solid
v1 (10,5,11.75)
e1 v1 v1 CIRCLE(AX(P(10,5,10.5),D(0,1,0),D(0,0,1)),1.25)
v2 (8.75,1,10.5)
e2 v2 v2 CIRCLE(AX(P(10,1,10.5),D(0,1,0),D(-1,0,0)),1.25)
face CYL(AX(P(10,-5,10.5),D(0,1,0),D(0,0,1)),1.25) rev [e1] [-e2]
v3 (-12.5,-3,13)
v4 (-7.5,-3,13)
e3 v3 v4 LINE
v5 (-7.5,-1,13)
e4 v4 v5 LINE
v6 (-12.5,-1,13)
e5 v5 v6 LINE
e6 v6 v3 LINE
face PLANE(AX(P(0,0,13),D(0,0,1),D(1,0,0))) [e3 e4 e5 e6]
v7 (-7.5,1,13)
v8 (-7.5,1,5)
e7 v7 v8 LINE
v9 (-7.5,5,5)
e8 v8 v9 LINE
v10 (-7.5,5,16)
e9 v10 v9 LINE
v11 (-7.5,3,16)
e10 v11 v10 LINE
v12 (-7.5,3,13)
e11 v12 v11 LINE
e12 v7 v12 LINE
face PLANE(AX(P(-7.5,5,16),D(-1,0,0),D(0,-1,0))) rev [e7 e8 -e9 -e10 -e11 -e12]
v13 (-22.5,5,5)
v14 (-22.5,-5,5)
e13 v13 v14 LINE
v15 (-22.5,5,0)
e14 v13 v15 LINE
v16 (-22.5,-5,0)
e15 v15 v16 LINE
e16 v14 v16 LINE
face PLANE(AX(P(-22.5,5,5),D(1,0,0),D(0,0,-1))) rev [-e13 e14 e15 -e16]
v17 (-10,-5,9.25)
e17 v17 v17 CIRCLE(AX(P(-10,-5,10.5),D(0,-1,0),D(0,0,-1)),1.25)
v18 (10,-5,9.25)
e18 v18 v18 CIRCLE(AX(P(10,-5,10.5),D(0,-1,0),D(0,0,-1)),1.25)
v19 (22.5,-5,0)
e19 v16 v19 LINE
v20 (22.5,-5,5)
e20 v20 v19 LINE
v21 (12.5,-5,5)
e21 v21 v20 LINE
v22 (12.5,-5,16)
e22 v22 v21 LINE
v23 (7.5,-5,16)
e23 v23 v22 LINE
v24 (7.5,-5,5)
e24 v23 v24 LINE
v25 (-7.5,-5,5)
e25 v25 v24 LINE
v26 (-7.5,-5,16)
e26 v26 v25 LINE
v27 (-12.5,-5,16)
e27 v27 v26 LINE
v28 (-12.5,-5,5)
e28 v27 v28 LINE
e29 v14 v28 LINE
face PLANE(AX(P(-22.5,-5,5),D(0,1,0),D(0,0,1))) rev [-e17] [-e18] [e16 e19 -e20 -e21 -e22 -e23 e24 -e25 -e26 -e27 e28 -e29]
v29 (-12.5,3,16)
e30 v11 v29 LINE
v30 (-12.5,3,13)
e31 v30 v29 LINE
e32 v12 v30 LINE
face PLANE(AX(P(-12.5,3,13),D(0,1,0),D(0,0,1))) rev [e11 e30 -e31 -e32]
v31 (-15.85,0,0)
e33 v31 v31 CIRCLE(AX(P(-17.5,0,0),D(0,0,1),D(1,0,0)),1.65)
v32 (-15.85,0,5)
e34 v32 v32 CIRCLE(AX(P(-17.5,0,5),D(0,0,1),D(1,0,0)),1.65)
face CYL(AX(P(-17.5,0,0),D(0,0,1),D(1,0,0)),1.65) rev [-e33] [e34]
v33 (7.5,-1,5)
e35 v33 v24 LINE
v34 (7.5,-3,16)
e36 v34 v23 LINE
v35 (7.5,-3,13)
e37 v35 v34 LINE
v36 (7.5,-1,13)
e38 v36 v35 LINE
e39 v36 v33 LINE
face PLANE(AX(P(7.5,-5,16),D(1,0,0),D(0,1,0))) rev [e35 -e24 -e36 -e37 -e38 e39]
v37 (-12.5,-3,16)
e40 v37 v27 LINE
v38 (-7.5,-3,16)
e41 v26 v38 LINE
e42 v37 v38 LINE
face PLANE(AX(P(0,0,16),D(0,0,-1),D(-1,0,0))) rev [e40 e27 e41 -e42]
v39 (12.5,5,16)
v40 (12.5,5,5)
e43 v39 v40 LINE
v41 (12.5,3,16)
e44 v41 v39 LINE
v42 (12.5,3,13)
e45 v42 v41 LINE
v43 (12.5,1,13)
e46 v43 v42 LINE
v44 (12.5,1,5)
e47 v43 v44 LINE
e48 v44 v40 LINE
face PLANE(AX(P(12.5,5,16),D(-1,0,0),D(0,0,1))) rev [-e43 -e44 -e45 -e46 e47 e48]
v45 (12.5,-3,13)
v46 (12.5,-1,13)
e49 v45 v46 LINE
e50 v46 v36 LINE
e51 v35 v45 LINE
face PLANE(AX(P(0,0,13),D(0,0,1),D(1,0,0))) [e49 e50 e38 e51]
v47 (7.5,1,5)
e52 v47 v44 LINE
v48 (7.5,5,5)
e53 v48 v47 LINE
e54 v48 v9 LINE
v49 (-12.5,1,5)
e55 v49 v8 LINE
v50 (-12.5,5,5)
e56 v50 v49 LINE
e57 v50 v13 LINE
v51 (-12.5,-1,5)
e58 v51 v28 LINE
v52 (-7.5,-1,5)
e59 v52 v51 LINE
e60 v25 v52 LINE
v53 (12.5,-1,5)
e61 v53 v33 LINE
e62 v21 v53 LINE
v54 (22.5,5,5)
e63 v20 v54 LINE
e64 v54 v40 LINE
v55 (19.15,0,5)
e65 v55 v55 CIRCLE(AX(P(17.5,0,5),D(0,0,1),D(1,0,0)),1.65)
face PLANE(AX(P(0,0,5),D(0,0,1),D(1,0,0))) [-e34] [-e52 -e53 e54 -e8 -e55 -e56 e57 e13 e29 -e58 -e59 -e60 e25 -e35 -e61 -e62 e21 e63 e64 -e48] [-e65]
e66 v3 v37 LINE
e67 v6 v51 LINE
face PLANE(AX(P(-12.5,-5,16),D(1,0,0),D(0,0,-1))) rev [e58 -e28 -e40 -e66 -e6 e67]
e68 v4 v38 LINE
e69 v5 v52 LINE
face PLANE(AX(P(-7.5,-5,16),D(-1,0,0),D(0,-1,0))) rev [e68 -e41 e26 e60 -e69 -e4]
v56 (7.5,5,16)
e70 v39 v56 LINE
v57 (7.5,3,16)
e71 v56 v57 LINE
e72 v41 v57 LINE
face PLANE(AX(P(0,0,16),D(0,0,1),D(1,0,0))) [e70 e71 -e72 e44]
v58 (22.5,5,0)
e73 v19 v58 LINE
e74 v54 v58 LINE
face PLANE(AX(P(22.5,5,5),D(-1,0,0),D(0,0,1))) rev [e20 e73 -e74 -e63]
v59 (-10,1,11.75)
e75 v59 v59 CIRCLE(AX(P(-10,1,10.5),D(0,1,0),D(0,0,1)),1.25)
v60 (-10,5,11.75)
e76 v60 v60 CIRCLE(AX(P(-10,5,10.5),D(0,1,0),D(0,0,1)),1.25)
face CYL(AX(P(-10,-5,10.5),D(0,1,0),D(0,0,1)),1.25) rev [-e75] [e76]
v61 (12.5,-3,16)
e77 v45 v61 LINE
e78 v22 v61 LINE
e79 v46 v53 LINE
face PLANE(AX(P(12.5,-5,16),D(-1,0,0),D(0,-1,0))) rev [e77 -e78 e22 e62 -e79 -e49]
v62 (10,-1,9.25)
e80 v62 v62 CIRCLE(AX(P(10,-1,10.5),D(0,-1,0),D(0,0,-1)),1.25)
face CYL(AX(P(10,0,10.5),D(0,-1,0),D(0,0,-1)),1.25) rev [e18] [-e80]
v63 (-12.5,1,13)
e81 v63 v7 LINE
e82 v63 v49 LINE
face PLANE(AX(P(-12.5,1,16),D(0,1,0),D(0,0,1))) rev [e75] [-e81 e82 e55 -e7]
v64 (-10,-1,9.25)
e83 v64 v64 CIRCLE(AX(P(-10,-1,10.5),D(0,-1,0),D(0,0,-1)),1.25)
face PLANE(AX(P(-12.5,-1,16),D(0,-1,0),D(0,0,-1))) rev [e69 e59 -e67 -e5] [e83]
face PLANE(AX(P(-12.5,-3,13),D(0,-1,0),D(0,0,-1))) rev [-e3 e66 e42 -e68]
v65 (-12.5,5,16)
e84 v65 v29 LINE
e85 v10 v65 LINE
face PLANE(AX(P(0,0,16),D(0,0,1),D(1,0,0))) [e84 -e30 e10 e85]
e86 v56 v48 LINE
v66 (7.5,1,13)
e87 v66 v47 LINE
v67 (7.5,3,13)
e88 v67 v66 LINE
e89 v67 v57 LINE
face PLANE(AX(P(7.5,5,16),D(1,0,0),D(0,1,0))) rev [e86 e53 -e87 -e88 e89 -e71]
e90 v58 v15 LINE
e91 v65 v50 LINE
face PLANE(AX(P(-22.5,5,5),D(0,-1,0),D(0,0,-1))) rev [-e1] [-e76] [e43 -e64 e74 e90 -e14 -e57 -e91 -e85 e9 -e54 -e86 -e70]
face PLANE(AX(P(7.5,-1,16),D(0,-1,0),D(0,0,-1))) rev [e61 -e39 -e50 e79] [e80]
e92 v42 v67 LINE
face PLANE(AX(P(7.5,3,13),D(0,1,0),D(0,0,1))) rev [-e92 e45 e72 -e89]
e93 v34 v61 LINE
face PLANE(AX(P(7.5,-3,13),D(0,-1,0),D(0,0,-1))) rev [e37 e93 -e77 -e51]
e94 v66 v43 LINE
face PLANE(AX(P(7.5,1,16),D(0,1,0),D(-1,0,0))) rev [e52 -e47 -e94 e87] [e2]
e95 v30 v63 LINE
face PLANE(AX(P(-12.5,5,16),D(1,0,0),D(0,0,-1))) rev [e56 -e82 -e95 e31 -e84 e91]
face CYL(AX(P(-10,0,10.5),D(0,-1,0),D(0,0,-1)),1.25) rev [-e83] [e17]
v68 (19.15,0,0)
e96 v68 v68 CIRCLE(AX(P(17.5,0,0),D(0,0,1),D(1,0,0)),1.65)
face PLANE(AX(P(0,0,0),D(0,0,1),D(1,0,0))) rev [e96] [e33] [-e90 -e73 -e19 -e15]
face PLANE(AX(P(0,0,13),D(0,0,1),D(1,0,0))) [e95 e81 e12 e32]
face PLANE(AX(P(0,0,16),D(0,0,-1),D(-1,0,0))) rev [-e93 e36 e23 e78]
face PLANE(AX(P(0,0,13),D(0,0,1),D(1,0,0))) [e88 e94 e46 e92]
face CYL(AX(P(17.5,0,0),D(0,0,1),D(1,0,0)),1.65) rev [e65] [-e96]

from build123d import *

# Parameters (mm, degrees)
SKETCH_1_W          = 45
SKETCH_1_H          = 10
EXTRUDE_1_DEPTH     = 5
SKETCH_2_W          = 5
SKETCH_2_H          = 4
EXTRUDE_2_DEPTH     = 11
SKETCH_3_W          = 5
SKETCH_3_H          = 2
CUT_EXTRUDE_1_DEPTH = 3
SKETCH_4_W          = 5
SKETCH_4_H          = 2
CUT_EXTRUDE_2_DEPTH = 3
SKETCH_5_R          = 1.25
CUT_EXTRUDE_3_DEPTH = 10
SKETCH_6_R          = 1.65
CUT_EXTRUDE_4_DEPTH = 5
SKETCH_7_W          = 5
SKETCH_7_H          = 4
EXTRUDE_3_DEPTH     = 11
SKETCH_8_W          = 5
SKETCH_8_H          = 2
CUT_EXTRUDE_5_DEPTH = 3
SKETCH_9_W          = 5
SKETCH_9_H          = 2
CUT_EXTRUDE_6_DEPTH = 3
CUT_EXTRUDE_START   = -5
SKETCH_11_R         = 1.25
CUT_EXTRUDE_7_DEPTH = 5


with BuildPart() as part:
    # Эскиз1 → Бобышка-Вытянуть1 (new body)
    with BuildSketch(Plane.XY):
        Rectangle(SKETCH_1_W, SKETCH_1_H)
    extrude(amount=EXTRUDE_1_DEPTH)

    # Эскиз2 → Бобышка-Вытянуть2 (add)
    with BuildSketch(Plane.XY.offset(5)):
        with Locations((-10, 3)):
            Rectangle(SKETCH_2_W, SKETCH_2_H)
        with Locations((10, 3)):
            Rectangle(SKETCH_2_W, SKETCH_2_H)
    extrude(amount=EXTRUDE_2_DEPTH)

    # Эскиз3 → Вырез-Вытянуть1 (cut)
    with BuildSketch(Plane.XY.offset(16)):
        with Locations((-10, 2)):
            Rectangle(SKETCH_3_W, SKETCH_3_H)
    extrude(amount=-CUT_EXTRUDE_1_DEPTH, mode=Mode.SUBTRACT)

    # Эскиз4 → Вырез-Вытянуть2 (cut)
    with BuildSketch(Plane.XY.offset(16)):
        with Locations((10, 2)):
            Rectangle(SKETCH_4_W, SKETCH_4_H)
    extrude(amount=-CUT_EXTRUDE_2_DEPTH, mode=Mode.SUBTRACT)

    # Эскиз5 → Вырез-Вытянуть3 (cut)
    with BuildSketch(Plane(origin=(0, 5, 0), x_dir=(1, 0, 0), z_dir=(0, 1, 0))):
        with Locations(Location((-10, -10.5, 0), (0, 0, 270))):
            Circle(SKETCH_5_R)
        with Locations(Location((10, -10.5, 0), (0, 0, 270))):
            Circle(SKETCH_5_R)
    extrude(amount=-CUT_EXTRUDE_3_DEPTH, mode=Mode.SUBTRACT)

    # Эскиз6 → Вырез-Вытянуть4 (cut)
    with BuildSketch(Plane.XY.offset(5)):
        with Locations((-17.5, 0)):
            Circle(SKETCH_6_R)
        with Locations((17.5, 0)):
            Circle(SKETCH_6_R)
    extrude(amount=-CUT_EXTRUDE_4_DEPTH, mode=Mode.SUBTRACT)

    # Эскиз7 → Бобышка-Вытянуть3 (add)
    with BuildSketch(Plane.XY.offset(5)):
        with Locations((-10, -3)):
            Rectangle(SKETCH_7_W, SKETCH_7_H)
        with Locations((10, -3)):
            Rectangle(SKETCH_7_W, SKETCH_7_H)
    extrude(amount=EXTRUDE_3_DEPTH)

    # Эскиз8 → Вырез-Вытянуть5 (cut)
    with BuildSketch(Plane.XY.offset(16)):
        with Locations((-10, -2)):
            Rectangle(SKETCH_8_W, SKETCH_8_H)
    extrude(amount=-CUT_EXTRUDE_5_DEPTH, mode=Mode.SUBTRACT)

    # Эскиз9 → Вырез-Вытянуть6 (cut)
    with BuildSketch(Plane.XY.offset(16)):
        with Locations((10, -2)):
            Rectangle(SKETCH_9_W, SKETCH_9_H)
    extrude(amount=-CUT_EXTRUDE_6_DEPTH, mode=Mode.SUBTRACT)

    # Эскиз11 → Вырез-Вытянуть7 (cut)
    with BuildSketch(Plane.XZ.offset(5).offset(CUT_EXTRUDE_START)):
        with Locations(Location((-10, 10.5, 0), (0, 0, 90))):
            Circle(SKETCH_11_R)
        with Locations(Location((10, 10.5, 0), (0, 0, 90))):
            Circle(SKETCH_11_R)
    extrude(amount=CUT_EXTRUDE_7_DEPTH, mode=Mode.SUBTRACT)


solid = part.part
